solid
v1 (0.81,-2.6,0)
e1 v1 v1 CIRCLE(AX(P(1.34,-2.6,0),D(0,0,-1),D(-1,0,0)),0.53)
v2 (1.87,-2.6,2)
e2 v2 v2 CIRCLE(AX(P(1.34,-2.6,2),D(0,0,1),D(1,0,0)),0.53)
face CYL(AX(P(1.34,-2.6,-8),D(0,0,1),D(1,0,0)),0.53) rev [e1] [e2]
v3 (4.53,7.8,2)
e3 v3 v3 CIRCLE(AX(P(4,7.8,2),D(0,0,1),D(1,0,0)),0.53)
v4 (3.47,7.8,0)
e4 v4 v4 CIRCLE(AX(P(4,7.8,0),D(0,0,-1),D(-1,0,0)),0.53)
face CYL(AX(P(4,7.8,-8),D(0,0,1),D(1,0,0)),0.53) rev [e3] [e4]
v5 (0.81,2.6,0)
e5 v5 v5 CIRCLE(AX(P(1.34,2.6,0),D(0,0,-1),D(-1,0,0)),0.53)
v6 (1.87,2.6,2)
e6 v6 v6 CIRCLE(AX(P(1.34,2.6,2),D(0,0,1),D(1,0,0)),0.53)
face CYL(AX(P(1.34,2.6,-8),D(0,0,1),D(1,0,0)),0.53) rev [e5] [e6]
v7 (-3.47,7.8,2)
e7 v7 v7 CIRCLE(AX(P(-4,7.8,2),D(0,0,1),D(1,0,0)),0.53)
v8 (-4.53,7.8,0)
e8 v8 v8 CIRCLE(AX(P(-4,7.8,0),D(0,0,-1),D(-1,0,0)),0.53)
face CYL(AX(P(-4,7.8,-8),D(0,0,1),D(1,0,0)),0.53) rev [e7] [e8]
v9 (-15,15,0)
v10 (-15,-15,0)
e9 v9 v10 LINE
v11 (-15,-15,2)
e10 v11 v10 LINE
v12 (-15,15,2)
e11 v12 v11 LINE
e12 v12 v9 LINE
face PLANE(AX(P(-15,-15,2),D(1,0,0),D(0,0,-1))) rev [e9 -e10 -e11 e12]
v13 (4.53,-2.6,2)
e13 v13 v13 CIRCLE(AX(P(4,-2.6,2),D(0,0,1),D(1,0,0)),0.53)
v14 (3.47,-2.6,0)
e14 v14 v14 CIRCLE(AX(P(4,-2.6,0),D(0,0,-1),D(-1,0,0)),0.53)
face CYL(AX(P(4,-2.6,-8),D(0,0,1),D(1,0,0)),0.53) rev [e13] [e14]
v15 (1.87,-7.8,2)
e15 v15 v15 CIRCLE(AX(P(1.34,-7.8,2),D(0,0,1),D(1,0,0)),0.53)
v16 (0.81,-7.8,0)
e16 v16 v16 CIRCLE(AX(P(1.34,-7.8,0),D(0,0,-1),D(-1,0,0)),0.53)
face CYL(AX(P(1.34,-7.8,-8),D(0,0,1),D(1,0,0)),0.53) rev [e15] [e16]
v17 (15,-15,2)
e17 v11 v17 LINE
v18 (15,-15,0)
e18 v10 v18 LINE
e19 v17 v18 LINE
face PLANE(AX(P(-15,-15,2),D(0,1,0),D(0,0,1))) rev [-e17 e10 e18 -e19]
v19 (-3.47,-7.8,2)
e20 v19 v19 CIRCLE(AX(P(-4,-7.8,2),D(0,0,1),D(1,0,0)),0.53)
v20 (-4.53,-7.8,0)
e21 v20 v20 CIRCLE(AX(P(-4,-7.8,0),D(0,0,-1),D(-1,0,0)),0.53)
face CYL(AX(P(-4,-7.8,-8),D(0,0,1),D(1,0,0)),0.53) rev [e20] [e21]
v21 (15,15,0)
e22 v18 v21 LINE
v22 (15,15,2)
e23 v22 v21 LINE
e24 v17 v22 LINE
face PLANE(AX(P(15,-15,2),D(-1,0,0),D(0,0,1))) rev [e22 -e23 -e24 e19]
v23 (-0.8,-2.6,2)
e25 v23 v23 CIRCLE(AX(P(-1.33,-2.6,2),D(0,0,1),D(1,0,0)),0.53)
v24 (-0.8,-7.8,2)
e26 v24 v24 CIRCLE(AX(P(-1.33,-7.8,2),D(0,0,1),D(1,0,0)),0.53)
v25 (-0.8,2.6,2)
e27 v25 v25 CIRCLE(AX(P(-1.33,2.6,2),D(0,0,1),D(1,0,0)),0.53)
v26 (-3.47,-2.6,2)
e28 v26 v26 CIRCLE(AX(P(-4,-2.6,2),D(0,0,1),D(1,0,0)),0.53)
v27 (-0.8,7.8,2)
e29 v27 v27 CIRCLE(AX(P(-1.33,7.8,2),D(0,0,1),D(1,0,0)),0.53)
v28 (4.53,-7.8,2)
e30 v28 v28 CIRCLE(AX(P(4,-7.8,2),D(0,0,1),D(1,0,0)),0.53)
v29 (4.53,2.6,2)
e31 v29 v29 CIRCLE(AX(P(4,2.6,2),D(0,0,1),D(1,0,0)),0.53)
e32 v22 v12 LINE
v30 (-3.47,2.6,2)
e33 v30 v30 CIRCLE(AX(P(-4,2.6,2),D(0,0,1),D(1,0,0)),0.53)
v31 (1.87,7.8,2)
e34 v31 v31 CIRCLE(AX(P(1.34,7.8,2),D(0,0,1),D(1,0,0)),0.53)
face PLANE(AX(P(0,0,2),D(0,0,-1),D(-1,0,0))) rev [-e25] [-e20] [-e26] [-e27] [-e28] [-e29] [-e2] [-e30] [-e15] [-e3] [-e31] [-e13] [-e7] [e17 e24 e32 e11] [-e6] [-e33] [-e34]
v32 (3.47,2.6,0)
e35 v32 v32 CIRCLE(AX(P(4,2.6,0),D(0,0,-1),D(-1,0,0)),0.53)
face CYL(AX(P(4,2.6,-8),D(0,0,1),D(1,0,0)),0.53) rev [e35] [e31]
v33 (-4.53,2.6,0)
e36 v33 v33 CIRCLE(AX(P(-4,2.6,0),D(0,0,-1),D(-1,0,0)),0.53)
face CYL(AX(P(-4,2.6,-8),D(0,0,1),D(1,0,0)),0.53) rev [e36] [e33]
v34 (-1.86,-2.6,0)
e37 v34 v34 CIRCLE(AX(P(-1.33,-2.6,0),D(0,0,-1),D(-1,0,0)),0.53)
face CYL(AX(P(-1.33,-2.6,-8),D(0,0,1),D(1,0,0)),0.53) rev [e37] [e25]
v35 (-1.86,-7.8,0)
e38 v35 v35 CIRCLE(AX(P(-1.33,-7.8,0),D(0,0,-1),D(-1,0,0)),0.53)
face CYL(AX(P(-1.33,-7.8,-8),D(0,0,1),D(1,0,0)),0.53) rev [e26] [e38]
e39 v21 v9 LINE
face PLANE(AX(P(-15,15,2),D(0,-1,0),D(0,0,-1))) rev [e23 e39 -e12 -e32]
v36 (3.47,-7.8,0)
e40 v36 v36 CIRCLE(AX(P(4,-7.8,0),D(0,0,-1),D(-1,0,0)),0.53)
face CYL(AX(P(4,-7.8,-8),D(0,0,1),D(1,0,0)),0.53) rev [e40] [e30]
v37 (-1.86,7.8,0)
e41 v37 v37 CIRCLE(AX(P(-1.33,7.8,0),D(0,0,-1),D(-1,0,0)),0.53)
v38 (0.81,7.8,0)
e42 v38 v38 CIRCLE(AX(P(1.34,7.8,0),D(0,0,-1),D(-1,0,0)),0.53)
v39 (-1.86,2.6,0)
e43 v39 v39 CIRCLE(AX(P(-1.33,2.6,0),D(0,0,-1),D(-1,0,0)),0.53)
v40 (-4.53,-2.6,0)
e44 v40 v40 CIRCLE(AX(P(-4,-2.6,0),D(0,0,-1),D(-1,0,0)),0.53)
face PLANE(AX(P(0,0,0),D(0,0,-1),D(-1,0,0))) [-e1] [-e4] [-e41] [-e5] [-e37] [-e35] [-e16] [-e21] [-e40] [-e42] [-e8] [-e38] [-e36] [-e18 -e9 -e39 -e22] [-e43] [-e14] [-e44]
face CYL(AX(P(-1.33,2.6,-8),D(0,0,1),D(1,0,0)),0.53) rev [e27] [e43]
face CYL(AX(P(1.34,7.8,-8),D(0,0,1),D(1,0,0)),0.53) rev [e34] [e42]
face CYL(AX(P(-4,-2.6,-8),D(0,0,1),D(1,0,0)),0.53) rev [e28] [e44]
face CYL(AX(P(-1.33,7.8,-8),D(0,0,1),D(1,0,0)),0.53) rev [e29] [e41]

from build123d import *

# Parameters (mm, degrees)
ESQUISSE1_W            = 30
ESQUISSE1_H            = 30
BASE_PLATE_DEPTH       = 2
SKETCH_PERFORATIONS_R  = 0.53
CUT_PERFORATIONS_DEPTH = 10


with BuildPart() as part:
    # Esquisse1 → Base_Plate (new body)
    with BuildSketch(Plane.XY):
        Rectangle(ESQUISSE1_W, ESQUISSE1_H)
    extrude(amount=BASE_PLATE_DEPTH)

    # Sketch_Perforations → Cut_Perforations (cut)
    with BuildSketch(Plane.XY.offset(2)):
        with Locations((-4, -7.8)):
            Circle(SKETCH_PERFORATIONS_R)
        with Locations((-4, -2.6)):
            Circle(SKETCH_PERFORATIONS_R)
        with Locations((-4, 2.6)):
            Circle(SKETCH_PERFORATIONS_R)
        with Locations((-4, 7.8)):
            Circle(SKETCH_PERFORATIONS_R)
        with Locations((-1.33, -7.8)):
            Circle(SKETCH_PERFORATIONS_R)
        with Locations((-1.33, -2.6)):
            Circle(SKETCH_PERFORATIONS_R)
        with Locations((-1.33, 2.6)):
            Circle(SKETCH_PERFORATIONS_R)
        with Locations((-1.33, 7.8)):
            Circle(SKETCH_PERFORATIONS_R)
        with Locations((1.34, -7.8)):
            Circle(SKETCH_PERFORATIONS_R)
        with Locations((1.34, -2.6)):
            Circle(SKETCH_PERFORATIONS_R)
        with Locations((1.34, 2.6)):
            Circle(SKETCH_PERFORATIONS_R)
        with Locations((1.34, 7.8)):
            Circle(SKETCH_PERFORATIONS_R)
        with Locations((4, -7.8)):
            Circle(SKETCH_PERFORATIONS_R)
        with Locations((4, -2.6)):
            Circle(SKETCH_PERFORATIONS_R)
        with Locations((4, 2.6)):
            Circle(SKETCH_PERFORATIONS_R)
        with Locations((4, 7.8)):
            Circle(SKETCH_PERFORATIONS_R)
    extrude(amount=-CUT_PERFORATIONS_DEPTH, mode=Mode.SUBTRACT)


solid = part.part
